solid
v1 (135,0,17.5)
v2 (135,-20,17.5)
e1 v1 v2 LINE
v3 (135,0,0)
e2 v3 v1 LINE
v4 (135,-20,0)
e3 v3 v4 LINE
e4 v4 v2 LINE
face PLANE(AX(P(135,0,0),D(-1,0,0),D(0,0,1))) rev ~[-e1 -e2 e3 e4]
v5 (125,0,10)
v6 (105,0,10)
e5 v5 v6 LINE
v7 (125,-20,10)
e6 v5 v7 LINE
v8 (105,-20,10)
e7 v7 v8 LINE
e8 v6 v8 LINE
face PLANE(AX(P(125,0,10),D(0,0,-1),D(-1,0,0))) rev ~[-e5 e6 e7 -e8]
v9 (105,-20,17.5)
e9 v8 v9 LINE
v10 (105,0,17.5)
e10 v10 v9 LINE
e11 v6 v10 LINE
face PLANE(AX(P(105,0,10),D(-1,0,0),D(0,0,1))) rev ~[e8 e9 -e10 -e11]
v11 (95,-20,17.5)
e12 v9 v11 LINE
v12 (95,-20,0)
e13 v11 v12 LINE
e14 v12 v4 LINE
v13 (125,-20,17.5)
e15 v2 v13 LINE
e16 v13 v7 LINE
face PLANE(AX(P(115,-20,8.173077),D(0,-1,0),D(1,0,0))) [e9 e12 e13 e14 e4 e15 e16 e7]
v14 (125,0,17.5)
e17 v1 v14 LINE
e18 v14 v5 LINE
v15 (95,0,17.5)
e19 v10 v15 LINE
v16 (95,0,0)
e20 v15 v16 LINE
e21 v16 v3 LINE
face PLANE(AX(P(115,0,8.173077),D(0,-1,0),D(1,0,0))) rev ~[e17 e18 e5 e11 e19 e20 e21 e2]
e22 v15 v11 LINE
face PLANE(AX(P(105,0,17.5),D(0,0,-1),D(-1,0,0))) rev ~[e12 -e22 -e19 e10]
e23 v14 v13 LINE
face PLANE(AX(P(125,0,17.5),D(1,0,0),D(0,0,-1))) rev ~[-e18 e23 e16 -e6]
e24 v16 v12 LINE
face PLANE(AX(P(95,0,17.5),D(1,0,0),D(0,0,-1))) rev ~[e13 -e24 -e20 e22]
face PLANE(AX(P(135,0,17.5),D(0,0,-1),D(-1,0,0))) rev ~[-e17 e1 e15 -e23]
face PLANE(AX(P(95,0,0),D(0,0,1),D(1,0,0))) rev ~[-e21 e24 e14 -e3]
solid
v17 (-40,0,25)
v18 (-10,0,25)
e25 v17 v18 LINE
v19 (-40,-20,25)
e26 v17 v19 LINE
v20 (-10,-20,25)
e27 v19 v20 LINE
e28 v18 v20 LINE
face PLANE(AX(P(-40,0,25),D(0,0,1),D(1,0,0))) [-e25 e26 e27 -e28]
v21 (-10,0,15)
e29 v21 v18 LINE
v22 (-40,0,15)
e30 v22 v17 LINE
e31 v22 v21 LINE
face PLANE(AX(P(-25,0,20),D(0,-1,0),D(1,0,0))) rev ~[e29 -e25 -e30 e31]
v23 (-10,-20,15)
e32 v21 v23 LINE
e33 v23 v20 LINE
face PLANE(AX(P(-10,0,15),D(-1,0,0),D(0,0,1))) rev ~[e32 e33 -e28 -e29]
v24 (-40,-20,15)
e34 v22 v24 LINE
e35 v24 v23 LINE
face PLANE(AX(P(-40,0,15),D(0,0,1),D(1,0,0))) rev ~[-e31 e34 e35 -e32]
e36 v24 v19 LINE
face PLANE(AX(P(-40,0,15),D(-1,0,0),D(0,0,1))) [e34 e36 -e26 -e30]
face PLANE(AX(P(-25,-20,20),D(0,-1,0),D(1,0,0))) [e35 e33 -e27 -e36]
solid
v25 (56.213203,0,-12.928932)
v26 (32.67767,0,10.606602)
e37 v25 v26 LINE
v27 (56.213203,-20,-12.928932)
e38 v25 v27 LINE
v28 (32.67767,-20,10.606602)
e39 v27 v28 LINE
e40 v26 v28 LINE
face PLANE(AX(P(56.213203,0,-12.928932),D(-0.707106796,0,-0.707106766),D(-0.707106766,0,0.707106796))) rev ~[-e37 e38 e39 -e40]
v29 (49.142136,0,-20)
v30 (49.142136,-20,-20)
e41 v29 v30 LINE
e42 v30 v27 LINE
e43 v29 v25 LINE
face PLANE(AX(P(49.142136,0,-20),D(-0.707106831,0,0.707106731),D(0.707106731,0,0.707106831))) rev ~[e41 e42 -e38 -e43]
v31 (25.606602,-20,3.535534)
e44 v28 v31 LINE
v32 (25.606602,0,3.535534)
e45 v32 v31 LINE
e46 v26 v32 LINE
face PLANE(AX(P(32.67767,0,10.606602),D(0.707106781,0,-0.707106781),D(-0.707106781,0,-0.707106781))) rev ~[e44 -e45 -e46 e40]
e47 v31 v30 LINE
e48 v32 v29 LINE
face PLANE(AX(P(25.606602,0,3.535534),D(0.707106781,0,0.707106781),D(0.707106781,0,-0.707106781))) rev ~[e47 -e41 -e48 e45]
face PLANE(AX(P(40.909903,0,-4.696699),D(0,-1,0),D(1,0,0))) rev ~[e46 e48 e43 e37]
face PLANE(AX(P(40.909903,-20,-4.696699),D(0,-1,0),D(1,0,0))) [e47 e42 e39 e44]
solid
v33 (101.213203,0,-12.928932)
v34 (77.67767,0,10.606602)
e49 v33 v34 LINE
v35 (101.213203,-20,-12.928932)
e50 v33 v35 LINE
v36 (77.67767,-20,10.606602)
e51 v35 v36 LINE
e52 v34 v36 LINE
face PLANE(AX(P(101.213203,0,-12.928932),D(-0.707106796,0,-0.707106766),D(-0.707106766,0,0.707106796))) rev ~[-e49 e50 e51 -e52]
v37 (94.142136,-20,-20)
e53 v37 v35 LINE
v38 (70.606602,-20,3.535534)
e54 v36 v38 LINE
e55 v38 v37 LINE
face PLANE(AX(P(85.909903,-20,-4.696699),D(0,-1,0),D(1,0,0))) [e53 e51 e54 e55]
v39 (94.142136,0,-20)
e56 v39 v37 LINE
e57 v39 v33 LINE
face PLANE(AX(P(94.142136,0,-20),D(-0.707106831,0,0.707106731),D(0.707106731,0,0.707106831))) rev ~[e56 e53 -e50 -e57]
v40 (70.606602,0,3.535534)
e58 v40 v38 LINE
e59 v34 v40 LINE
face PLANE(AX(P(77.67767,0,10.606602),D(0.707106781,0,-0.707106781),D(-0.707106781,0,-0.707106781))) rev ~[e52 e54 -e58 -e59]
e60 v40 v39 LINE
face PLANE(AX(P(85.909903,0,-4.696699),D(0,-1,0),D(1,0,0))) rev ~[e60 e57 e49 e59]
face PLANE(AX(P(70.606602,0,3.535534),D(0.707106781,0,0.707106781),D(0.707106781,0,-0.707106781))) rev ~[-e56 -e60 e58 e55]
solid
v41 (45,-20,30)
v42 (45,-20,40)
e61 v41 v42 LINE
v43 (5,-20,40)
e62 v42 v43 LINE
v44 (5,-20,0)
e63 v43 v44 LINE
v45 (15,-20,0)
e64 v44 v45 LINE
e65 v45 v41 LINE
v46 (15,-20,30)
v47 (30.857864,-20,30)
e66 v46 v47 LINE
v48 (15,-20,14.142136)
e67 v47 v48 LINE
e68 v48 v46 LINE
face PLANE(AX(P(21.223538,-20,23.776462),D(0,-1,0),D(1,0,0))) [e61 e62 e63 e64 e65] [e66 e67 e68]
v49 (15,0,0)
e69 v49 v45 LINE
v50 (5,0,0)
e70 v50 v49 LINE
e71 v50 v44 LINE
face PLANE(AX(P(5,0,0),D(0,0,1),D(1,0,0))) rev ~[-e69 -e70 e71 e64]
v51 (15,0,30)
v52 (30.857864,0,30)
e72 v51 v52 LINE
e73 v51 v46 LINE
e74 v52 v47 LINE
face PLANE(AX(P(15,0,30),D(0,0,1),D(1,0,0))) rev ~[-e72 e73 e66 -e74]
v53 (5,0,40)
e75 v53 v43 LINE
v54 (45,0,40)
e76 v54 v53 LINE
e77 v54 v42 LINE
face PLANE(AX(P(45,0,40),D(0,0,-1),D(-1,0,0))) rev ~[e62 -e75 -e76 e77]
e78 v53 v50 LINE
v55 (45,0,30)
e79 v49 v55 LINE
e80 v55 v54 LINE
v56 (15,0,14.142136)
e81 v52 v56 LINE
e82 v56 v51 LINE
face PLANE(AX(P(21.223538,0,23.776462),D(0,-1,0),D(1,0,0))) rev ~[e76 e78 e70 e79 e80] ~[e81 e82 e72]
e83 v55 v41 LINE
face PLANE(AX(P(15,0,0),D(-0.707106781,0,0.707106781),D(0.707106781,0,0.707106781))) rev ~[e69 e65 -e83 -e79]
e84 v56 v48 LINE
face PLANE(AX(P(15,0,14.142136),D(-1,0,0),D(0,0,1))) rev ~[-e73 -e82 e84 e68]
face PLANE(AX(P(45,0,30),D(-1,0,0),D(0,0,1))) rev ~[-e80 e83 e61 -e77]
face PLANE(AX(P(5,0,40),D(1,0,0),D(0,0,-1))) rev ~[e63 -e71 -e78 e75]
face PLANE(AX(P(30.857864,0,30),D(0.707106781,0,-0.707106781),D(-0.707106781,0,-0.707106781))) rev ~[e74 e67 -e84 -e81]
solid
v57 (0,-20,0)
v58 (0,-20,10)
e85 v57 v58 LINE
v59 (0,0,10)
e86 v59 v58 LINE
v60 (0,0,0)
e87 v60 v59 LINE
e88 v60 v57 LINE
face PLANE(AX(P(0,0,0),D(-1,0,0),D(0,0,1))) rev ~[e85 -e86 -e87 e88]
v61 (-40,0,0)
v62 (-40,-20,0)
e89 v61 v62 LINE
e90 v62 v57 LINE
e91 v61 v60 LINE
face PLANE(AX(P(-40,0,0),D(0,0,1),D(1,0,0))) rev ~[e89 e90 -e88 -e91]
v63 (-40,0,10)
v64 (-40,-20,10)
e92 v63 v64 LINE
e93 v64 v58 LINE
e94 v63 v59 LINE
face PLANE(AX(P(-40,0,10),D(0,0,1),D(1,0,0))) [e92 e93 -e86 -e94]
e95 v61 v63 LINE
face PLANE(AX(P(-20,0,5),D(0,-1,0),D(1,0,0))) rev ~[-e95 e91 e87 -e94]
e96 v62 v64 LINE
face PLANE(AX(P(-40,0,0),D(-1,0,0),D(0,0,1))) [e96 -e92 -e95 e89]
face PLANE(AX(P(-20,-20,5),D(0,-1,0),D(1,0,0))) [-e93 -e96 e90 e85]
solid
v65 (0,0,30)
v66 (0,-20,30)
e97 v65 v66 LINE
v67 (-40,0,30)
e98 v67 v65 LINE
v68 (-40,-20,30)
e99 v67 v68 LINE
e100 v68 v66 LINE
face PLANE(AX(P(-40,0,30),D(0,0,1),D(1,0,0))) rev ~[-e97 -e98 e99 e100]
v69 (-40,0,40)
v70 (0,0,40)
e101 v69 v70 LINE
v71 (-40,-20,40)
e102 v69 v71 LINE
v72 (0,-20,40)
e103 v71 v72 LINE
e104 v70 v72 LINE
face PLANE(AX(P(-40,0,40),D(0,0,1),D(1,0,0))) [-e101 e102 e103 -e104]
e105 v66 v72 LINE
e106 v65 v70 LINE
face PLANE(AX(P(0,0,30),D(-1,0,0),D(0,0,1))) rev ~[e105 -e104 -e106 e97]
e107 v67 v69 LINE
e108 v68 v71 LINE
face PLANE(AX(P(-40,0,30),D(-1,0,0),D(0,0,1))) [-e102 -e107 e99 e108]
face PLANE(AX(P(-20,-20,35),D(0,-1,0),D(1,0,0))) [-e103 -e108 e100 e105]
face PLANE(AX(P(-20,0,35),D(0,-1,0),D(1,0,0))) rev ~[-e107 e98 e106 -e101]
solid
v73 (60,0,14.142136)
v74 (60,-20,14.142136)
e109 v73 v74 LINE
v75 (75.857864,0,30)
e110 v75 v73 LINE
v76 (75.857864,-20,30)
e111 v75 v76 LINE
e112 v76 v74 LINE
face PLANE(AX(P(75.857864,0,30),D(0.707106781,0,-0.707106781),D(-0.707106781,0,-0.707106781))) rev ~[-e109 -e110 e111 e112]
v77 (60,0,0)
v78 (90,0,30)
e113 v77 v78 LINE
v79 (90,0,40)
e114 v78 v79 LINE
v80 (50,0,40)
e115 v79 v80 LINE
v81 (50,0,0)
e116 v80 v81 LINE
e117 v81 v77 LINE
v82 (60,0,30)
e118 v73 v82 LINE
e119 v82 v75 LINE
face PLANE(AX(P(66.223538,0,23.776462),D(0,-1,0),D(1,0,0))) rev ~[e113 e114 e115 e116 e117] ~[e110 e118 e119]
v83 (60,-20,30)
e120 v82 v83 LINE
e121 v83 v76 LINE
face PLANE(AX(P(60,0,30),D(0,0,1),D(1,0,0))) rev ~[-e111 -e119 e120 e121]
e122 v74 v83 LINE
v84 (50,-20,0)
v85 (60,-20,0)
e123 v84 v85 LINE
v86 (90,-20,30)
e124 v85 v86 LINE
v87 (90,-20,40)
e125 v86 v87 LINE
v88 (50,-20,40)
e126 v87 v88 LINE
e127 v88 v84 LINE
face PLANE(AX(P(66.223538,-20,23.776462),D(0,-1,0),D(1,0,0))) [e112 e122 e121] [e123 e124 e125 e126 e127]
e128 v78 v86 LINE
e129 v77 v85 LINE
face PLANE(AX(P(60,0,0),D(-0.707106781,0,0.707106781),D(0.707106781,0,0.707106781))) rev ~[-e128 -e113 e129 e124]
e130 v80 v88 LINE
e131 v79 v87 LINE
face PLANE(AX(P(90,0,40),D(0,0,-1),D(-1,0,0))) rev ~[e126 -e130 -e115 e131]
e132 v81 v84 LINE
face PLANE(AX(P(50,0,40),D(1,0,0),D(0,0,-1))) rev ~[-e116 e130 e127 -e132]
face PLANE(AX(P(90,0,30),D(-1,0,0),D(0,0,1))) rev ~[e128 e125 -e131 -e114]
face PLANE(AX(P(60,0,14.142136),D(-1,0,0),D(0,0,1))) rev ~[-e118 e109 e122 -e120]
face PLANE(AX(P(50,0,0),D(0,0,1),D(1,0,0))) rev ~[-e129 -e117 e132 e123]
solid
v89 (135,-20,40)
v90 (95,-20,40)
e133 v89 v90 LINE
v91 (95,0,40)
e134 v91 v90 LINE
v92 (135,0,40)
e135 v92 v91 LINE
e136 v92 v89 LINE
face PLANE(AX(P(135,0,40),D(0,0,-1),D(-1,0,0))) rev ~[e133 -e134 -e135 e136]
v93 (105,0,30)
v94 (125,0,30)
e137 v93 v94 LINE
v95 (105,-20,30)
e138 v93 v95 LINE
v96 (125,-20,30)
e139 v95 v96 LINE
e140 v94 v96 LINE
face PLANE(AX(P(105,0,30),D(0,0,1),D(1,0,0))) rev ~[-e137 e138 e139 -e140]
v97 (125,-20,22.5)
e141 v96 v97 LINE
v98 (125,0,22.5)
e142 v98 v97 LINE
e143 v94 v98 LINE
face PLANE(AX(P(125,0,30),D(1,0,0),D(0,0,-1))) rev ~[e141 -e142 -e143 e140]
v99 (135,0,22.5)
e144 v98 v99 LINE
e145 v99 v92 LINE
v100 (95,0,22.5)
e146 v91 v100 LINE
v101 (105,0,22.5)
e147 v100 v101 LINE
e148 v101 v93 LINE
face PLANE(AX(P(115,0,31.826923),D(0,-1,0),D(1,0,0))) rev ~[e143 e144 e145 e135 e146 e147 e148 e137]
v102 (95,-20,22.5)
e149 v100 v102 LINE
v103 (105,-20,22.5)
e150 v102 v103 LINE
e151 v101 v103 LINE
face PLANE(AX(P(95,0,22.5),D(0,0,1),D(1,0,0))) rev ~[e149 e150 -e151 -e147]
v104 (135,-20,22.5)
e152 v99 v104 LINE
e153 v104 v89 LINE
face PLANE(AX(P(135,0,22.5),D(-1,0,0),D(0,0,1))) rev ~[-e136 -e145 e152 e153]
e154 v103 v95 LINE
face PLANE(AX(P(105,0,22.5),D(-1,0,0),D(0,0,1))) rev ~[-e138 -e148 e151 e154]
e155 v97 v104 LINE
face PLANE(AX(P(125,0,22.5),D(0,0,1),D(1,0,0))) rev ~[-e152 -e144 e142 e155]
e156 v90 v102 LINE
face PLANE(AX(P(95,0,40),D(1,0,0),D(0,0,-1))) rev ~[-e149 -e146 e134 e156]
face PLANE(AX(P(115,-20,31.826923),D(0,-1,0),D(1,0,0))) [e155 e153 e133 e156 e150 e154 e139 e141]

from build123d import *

# Parameters (mm, degrees)
F0_W     = 30
F0_H     = 10
F0_W_2   = 40
F1_DEPTH = 20


with BuildPart() as f1:
    # F0 (on Front) → F1 (new body)
    with BuildSketch(Plane.XZ):
        with Locations((-25, 20)):
            Rectangle(F0_W, F0_H)
        with Locations((-20, 35)):
            Rectangle(F0_W_2, F0_H)
        with Locations((-20, 5)):
            Rectangle(F0_W_2, F0_H)
        Polygon((5, 40), (5, 0), (15, 0), (22.071068, 7.071068), (29.142136, 14.142136), (45, 30), (45, 40), align=None)
        Polygon((15, 14.142136), (15, 30), (30.857864, 30), align=None, mode=Mode.SUBTRACT)
        Polygon((32.67767, 10.606602), (25.606602, 3.535534), (49.142136, -20), (56.213203, -12.928932), align=None)
        Polygon((77.67767, 10.606602), (70.606602, 3.535534), (94.142136, -20), (101.213203, -12.928932), align=None)
        Polygon((50, 40), (50, 0), (60, 0), (67.071068, 7.071068), (74.142136, 14.142136), (90, 30), (90, 40), align=None)
        Polygon((60, 14.142136), (60, 30), (75.857864, 30), align=None, mode=Mode.SUBTRACT)
        Polygon((135, 40), (95, 40), (95, 22.5), (105, 22.5), (105, 30), (125, 30), (125, 22.5), (135, 22.5), align=None)
        Polygon((95, 17.5), (95, 0), (135, 0), (135, 17.5), (125, 17.5), (125, 10), (105, 10), (105, 17.5), align=None)
    extrude(amount=F1_DEPTH)


solid = f1.part
